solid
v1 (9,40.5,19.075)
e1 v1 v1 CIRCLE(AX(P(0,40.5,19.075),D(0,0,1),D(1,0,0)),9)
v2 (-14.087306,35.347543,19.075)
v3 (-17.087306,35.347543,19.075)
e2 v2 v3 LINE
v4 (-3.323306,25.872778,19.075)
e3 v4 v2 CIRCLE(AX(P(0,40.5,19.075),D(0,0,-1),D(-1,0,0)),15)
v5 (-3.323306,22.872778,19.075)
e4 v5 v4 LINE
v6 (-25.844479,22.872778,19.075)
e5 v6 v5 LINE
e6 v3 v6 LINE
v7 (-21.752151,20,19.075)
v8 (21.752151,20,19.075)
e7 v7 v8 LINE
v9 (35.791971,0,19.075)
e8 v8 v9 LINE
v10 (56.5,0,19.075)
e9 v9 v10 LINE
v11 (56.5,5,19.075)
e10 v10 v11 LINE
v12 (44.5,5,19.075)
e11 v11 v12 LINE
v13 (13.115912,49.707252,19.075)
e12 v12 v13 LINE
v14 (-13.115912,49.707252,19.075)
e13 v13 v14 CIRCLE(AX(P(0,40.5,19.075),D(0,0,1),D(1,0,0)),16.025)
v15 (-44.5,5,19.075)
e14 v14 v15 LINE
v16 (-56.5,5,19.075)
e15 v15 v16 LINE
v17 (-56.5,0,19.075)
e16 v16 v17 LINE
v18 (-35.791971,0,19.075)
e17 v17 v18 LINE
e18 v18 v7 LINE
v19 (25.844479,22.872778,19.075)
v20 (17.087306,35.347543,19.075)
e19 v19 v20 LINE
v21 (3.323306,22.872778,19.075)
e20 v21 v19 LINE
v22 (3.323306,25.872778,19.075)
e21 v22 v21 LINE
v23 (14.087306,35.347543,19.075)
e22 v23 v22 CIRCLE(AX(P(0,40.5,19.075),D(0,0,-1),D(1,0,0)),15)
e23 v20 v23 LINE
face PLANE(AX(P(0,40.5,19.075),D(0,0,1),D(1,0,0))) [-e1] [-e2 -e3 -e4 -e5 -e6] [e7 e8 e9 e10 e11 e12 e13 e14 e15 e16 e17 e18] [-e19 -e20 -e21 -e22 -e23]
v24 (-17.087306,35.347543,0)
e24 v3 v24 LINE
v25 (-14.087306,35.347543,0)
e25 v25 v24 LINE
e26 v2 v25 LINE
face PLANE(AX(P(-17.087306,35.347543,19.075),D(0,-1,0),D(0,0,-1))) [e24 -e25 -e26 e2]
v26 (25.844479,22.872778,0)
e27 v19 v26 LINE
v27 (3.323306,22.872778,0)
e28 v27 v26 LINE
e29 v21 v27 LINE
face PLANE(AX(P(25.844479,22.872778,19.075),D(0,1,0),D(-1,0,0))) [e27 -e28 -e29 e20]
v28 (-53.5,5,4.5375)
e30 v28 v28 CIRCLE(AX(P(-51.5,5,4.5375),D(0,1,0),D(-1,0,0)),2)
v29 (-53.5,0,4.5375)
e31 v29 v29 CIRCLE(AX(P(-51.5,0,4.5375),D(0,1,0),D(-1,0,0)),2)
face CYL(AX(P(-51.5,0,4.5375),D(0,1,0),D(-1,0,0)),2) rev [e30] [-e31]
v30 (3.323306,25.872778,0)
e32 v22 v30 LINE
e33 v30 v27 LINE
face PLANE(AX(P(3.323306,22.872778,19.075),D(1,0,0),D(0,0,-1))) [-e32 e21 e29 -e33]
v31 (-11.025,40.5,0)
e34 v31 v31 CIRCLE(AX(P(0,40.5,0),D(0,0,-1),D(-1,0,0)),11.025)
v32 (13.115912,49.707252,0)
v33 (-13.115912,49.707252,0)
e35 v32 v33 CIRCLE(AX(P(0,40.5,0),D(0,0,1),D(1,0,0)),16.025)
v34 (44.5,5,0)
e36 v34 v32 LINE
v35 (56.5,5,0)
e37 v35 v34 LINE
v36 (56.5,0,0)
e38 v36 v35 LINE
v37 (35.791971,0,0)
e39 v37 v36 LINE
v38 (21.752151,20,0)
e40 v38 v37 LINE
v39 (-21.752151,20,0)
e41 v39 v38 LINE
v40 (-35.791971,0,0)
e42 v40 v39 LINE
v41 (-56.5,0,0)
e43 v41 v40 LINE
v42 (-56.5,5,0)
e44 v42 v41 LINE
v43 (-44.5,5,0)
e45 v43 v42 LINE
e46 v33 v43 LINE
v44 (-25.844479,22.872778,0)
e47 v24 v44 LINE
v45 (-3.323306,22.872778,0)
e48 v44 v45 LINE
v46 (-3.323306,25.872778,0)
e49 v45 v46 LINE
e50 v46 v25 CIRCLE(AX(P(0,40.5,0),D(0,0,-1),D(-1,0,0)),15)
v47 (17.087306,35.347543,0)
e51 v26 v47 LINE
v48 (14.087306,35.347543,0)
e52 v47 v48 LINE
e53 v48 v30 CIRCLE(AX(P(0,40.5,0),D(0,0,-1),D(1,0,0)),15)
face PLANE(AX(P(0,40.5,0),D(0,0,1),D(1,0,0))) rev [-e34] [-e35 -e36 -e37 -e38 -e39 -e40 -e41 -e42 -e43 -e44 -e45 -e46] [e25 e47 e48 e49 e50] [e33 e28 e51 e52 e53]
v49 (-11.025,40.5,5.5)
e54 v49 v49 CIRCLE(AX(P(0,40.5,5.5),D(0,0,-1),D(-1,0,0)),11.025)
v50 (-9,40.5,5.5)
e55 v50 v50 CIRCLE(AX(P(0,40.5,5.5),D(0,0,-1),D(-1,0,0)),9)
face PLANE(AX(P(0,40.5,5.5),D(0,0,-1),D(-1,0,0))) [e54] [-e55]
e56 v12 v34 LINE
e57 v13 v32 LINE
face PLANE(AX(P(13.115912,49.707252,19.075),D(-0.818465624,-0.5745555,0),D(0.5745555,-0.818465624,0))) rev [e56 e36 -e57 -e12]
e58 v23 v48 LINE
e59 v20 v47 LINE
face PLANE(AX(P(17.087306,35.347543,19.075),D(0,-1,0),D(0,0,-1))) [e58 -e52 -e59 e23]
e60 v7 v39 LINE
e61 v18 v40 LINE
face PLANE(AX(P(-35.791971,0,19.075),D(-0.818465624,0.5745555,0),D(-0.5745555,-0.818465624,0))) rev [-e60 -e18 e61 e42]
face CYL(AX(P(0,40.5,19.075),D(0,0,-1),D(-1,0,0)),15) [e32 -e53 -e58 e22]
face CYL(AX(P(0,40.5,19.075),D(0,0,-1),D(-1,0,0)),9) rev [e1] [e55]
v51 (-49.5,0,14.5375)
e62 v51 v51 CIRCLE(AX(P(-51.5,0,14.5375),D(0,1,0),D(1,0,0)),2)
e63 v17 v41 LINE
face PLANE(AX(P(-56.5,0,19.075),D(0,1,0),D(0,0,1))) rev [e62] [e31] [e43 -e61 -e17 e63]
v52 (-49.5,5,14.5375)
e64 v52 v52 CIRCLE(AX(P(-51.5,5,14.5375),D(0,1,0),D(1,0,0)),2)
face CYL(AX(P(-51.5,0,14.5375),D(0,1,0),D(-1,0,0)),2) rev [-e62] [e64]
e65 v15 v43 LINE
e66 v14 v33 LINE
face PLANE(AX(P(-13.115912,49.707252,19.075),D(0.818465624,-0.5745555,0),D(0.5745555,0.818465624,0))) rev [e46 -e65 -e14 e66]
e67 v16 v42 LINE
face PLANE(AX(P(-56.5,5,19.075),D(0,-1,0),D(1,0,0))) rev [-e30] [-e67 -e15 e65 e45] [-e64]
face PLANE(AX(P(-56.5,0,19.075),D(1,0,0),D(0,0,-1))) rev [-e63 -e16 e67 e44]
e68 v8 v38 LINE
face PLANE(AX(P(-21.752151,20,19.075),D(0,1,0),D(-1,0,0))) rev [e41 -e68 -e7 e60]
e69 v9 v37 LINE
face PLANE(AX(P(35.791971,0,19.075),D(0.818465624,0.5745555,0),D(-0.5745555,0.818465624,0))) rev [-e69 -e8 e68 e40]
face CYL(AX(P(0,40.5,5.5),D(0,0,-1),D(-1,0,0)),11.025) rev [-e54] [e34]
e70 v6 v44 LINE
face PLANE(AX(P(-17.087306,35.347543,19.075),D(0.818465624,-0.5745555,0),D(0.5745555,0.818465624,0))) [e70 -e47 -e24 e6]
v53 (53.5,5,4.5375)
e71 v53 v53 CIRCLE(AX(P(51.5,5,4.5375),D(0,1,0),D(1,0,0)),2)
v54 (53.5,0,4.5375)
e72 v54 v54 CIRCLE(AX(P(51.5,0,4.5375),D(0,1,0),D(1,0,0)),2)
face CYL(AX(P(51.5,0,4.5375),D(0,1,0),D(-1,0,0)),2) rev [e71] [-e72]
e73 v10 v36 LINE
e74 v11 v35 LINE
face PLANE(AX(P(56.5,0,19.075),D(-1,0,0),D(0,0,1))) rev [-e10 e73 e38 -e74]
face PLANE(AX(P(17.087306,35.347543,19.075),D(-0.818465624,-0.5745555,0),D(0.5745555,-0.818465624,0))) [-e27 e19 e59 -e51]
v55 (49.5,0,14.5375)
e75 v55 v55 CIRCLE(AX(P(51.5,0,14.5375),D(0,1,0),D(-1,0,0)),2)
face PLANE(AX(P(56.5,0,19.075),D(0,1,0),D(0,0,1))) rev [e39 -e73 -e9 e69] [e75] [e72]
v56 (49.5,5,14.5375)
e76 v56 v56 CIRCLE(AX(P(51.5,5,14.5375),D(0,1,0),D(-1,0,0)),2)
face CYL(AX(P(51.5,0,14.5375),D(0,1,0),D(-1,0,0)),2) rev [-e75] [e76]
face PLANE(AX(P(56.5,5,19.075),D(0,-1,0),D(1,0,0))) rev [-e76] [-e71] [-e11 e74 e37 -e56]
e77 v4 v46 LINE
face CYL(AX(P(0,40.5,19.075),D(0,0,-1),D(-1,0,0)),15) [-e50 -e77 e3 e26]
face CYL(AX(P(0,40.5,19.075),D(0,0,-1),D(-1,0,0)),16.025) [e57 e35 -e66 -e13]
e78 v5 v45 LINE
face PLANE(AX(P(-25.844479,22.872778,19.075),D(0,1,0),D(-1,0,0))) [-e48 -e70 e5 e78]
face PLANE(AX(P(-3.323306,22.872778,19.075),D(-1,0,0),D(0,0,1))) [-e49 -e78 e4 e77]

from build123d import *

# Parameters (mm, degrees)
ESQUISSE1_R             = 9
BOSS_EXTRU_1_DEPTH      = 19.075
ESQUISSE2_R             = 11.025
ENL_V_MAT_EXTRU_1_DEPTH = 5.5
ESQUISSE6_R             = 2
ENL_V_MAT_EXTRU_5_DEPTH = 6


with BuildPart() as part:
    # Esquisse1 → Boss.-Extru.1 (new body)
    with BuildSketch(Plane.XY):
        with BuildLine():
            Line((-56.5, 0), (-56.5, 5))
            Line((-56.5, 5), (-44.5, 5))
            Line((-44.5, 5), (-13.11591162, 49.70725189))
            ThreePointArc((-13.11591162, 49.70725189), (0, 56.525), (13.11591162, 49.70725189))
            Line((13.11591162, 49.70725189), (44.5, 5))
            Line((44.5, 5), (56.5, 5))
            Line((56.5, 5), (56.5, 0))
            Line((56.5, 0), (35.791970863, 0))
            Line((35.791970863, 0), (21.7521509, 20))
            Line((21.7521509, 20), (-21.7521509, 20))
            Line((-21.7521509, 20), (-35.791970863, 0))
            Line((-35.791970863, 0), (-56.5, 0))
        make_face()
        with Locations((0, 40.5)):
            Circle(ESQUISSE1_R, mode=Mode.SUBTRACT)
        with BuildLine():
            Line((-17.087305896, 35.347543053), (-25.844479018, 22.872777501))
            Line((-25.844479018, 22.872777501), (-3.323305878, 22.872777501))
            Line((-3.323305878, 22.872777501), (-3.323305878, 25.872777501))
            ThreePointArc((-3.323305878, 25.872777501), (-9.910860011, 29.240566007), (-14.087305896, 35.347543053))
            Line((-14.087305896, 35.347543053), (-17.087305896, 35.347543053))
        make_face(mode=Mode.SUBTRACT)
        with BuildLine():
            Line((17.087305896, 35.347543053), (25.844479018, 22.872777501))
            Line((25.844479018, 22.872777501), (3.323305878, 22.872777501))
            Line((3.323305878, 22.872777501), (3.323305878, 25.872777501))
            ThreePointArc((3.323305878, 25.872777501), (9.910860011, 29.240566007), (14.087305896, 35.347543053))
            Line((14.087305896, 35.347543053), (17.087305896, 35.347543053))
        make_face(mode=Mode.SUBTRACT)
    extrude(amount=BOSS_EXTRU_1_DEPTH)

    # Esquisse2 → Enlèv. mat.-Extru.1 (cut)
    with BuildSketch(Plane(origin=(0, 0, 0), x_dir=(-1, 0, 0), z_dir=(0, 0, -1))):
        with Locations((0, 40.5)):
            Circle(ESQUISSE2_R)
    extrude(amount=-ENL_V_MAT_EXTRU_1_DEPTH, mode=Mode.SUBTRACT)

    # Esquisse6 → Enlèv. mat.-Extru.5 (cut, through all)
    with BuildSketch(Plane(origin=(0, 5, 0), x_dir=(1, 0, 0), z_dir=(0, 1, 0))):
        with Locations(Location((-51.5, -4.5375, 0), (0, 0, 180))):  # turned: the seam where the file's is
            Circle(ESQUISSE6_R)
        with Locations((51.5, -4.5375)):
            Circle(ESQUISSE6_R)
        with Locations(Location((51.5, -14.5375, 0), (0, 0, 180))):  # turned: the seam where the file's is
            Circle(ESQUISSE6_R)
        with Locations((-51.5, -14.5375)):
            Circle(ESQUISSE6_R)
    extrude(amount=-ENL_V_MAT_EXTRU_5_DEPTH, mode=Mode.SUBTRACT)


solid = part.part
